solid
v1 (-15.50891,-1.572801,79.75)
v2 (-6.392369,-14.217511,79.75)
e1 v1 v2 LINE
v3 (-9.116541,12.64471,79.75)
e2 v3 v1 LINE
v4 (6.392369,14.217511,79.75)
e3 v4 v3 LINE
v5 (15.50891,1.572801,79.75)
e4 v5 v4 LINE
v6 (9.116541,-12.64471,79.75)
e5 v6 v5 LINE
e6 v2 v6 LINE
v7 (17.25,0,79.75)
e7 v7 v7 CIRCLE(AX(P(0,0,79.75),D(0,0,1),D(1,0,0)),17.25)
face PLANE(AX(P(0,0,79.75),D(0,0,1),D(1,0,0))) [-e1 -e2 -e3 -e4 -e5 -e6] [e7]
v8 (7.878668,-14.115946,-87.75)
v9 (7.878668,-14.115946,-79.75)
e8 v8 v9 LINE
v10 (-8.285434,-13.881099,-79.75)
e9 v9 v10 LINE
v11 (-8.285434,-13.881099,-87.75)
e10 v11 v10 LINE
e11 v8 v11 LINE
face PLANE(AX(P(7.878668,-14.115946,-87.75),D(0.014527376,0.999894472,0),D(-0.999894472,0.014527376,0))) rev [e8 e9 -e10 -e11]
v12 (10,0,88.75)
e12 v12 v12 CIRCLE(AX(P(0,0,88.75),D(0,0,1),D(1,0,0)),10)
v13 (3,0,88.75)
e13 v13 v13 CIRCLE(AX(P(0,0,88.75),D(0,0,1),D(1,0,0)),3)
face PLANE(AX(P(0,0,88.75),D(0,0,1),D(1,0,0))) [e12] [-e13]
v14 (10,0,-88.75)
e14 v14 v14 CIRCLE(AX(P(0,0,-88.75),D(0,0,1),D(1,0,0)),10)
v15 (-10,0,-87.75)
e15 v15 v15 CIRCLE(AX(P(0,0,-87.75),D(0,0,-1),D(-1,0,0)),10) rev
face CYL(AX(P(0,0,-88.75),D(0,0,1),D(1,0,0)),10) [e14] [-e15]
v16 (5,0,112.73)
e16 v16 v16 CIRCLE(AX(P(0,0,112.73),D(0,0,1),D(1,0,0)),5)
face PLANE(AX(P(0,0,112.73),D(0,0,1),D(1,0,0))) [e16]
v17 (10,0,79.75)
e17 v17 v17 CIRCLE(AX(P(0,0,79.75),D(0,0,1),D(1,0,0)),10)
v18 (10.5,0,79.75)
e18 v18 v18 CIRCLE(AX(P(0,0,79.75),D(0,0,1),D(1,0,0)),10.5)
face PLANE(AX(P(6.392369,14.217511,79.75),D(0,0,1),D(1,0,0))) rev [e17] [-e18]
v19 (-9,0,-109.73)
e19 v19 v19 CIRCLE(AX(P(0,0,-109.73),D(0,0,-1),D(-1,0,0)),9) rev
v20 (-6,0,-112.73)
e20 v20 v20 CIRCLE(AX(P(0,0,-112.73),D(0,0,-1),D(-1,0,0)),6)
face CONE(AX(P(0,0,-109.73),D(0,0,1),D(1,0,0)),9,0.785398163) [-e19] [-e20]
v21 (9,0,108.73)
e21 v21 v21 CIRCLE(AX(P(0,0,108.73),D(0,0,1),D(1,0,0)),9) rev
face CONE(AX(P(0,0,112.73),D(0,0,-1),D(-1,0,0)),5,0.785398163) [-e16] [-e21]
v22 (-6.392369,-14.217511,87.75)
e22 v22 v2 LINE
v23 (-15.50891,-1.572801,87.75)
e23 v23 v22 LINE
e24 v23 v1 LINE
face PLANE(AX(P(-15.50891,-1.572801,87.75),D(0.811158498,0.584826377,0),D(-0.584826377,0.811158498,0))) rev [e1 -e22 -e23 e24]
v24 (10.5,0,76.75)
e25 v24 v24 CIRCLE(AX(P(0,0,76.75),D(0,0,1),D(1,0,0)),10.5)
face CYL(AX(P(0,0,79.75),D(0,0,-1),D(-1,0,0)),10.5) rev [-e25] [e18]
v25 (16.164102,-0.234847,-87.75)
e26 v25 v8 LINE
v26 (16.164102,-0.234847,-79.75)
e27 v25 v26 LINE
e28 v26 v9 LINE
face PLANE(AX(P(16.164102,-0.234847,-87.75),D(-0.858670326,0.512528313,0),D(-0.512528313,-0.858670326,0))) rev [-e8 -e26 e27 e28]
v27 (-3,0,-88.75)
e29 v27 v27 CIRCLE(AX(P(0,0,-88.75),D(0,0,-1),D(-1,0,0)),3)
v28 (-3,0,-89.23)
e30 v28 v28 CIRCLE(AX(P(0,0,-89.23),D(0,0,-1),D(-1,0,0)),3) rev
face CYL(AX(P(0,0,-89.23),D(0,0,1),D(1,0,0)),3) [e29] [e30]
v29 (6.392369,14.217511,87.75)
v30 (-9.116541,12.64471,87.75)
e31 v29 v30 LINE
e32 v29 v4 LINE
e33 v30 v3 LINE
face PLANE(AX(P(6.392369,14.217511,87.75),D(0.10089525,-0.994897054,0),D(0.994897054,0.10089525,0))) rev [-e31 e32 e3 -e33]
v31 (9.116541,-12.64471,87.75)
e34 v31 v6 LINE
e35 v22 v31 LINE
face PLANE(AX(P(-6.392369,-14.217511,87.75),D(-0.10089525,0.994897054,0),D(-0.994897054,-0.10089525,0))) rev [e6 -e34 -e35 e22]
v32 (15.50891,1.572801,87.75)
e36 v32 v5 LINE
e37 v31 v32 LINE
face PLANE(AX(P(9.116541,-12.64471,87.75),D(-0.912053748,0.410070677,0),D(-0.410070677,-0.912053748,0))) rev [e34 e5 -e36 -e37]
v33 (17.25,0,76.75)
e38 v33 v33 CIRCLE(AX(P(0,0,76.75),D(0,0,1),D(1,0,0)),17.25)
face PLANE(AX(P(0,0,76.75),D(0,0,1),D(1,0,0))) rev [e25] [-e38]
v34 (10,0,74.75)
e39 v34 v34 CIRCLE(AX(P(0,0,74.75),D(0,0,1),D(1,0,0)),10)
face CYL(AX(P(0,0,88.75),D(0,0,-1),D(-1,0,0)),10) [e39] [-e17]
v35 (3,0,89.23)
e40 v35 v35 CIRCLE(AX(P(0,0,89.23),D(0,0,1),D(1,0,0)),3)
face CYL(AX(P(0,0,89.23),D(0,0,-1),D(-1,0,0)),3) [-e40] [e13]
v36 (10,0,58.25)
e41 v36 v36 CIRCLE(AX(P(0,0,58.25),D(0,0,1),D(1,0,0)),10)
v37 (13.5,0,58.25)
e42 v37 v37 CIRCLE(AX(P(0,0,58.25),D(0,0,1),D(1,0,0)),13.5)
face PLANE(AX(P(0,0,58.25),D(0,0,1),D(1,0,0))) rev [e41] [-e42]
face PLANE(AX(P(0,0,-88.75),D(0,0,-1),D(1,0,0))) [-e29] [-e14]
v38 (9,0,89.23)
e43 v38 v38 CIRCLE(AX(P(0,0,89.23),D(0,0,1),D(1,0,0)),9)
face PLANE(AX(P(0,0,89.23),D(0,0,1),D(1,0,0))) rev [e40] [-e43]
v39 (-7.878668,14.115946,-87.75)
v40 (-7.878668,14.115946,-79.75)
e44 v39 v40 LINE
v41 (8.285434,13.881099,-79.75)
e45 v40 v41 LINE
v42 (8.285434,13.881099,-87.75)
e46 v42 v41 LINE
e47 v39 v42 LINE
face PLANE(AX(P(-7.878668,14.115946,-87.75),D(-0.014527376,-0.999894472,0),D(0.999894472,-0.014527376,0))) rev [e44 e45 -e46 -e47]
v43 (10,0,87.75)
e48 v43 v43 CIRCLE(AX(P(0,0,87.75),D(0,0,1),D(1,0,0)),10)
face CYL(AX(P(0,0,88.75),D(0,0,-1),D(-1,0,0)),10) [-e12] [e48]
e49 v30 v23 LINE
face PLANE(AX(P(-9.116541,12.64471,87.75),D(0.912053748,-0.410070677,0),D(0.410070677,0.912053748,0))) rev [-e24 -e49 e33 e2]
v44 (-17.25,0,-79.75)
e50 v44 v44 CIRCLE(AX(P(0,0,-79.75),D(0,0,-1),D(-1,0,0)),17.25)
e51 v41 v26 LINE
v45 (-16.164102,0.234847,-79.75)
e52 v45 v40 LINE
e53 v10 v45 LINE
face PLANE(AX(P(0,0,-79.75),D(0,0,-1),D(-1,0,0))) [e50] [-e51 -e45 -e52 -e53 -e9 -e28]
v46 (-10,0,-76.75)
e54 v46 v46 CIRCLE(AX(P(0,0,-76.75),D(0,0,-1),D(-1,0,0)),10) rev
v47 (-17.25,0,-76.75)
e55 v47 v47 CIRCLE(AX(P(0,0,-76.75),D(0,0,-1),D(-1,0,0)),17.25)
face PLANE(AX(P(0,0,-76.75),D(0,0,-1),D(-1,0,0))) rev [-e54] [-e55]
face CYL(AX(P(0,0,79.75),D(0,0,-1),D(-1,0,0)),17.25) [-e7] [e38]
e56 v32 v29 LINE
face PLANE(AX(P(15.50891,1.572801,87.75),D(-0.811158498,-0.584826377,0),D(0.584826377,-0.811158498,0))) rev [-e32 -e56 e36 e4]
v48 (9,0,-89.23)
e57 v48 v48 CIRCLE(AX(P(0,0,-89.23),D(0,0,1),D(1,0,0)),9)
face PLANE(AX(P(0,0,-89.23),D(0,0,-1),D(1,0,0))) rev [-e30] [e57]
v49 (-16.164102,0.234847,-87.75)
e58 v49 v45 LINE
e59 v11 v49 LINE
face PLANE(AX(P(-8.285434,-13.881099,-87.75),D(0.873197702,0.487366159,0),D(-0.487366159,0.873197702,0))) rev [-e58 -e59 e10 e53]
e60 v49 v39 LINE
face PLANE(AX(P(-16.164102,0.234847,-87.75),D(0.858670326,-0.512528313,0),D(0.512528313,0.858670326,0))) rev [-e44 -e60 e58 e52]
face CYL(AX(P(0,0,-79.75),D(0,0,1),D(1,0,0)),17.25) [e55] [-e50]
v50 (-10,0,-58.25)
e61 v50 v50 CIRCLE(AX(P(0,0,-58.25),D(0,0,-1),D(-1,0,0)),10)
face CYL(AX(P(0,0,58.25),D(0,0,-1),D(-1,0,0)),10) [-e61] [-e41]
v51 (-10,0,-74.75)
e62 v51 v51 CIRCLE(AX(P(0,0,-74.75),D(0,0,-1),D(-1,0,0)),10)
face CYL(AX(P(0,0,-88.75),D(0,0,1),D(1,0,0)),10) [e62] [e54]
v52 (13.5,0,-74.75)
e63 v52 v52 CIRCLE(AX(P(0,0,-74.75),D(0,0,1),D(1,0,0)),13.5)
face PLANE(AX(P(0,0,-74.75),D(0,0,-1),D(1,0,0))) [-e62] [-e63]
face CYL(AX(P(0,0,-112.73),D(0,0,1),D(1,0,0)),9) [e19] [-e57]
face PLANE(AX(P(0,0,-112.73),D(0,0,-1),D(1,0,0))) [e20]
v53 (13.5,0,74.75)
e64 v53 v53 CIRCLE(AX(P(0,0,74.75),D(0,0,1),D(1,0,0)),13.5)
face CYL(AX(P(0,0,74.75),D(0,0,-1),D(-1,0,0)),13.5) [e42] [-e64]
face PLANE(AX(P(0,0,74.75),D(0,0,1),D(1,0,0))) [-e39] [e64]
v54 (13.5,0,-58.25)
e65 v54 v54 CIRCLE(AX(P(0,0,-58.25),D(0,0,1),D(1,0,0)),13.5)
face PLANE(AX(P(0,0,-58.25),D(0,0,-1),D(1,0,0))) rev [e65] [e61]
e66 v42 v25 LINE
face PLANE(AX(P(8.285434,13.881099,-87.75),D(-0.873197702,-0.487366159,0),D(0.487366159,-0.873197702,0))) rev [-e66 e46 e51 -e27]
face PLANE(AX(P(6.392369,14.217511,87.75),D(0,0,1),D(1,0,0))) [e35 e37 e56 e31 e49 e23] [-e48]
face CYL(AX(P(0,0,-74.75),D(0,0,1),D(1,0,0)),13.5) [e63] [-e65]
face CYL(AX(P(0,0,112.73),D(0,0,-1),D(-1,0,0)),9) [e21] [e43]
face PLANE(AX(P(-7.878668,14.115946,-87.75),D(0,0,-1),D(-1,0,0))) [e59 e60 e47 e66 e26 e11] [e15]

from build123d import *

# Parameters (mm, degrees)
SKETCH_1_R      = 10
EXTRUDE_1_DEPTH = 58.25
SKETCH_2_R      = 13.5
EXTRUDE_2_DEPTH = 16.5
EXTRUDE_START   = 14
SKETCH_3_R      = 10
EXTRUDE_3_DEPTH = 14
SKETCH_4_R      = 3
EXTRUDE_4_DEPTH = 0.48
SKETCH_5_R      = 9
EXTRUDE_5_DEPTH = 23.5
CHAMFER_1_SIZE  = 4
SKETCH_6_R      = 17.25
SKETCH_6_R_2    = 10.5
EXTRUDE_6_DEPTH = 3
EXTRUDE_7_DEPTH = 8
CHAMFER_2_SIZE  = 3
EXTRUDE_START_2 = 3
SKETCH_8_R      = 17.25
EXTRUDE_8_DEPTH = 3
EXTRUDE_9_DEPTH = 8


with BuildPart() as part:
    # 草图1 → 凸台-拉伸1 (new, symmetric)
    with BuildSketch(Plane.XY):
        Circle(SKETCH_1_R)
    extrude(amount=EXTRUDE_1_DEPTH, both=True)

    # 草图2 → 凸台-拉伸2 (add)
    with BuildSketch(Plane.XY.offset(58.25)):
        Circle(SKETCH_2_R)
    extrude_2 = extrude(amount=EXTRUDE_2_DEPTH)

    # 草图3 → 凸台-拉伸3 (add)
    with BuildSketch(Plane.XY.offset(74.75).offset(EXTRUDE_START)):
        Circle(SKETCH_3_R)
    extrude_3 = extrude(amount=-EXTRUDE_3_DEPTH)

    # 草图4 → 凸台-拉伸4 (add)
    with BuildSketch(Plane.XY.offset(88.75)):
        Circle(SKETCH_4_R)
    extrude_4 = extrude(amount=EXTRUDE_4_DEPTH)

    # 草图5 → 凸台-拉伸5 (add)
    with BuildSketch(Plane.XY.offset(89.23)):
        Circle(SKETCH_5_R)
    extrude_5 = extrude(amount=EXTRUDE_5_DEPTH)

    # 倒角1
    chamfer_1_edges = [part.edges().sort_by_distance(p)[0] for p in [
        (-9, 0, 112.73),
    ]]
    chamfer(chamfer_1_edges, length=CHAMFER_1_SIZE)



with BuildPart() as body_2:
    # 草图6 → 凸台-拉伸6 (new body)
    with BuildSketch(Plane.XY.offset(76.75)):
        Circle(SKETCH_6_R)
        Circle(SKETCH_6_R_2, mode=Mode.SUBTRACT)
    extrude(amount=EXTRUDE_6_DEPTH)


with BuildPart() as part_1:
    add(part.part)

    add(body_2.part)  # 凸台-拉伸7 merges body 2
    # 草图7 → 凸台-拉伸7 (add)
    with BuildSketch(Plane.XY.offset(79.75)):
        Polygon((6.392369232, 14.217510879), (-9.116540984, 12.644709585), (-15.508910216, -1.572801294), (-6.392369232, -14.217510879), (9.116540984, -12.644709585), (15.508910216, 1.572801294), align=None)
    extrude(amount=EXTRUDE_7_DEPTH)

    # 镜向3: 凸台-拉伸2, 凸台-拉伸3, 凸台-拉伸4, 凸台-拉伸5 across plane
    add(extrude_2.mirror(Plane.XY))
    add(extrude_3.mirror(Plane.XY))
    add(extrude_4.mirror(Plane.XY))
    add(extrude_5.mirror(Plane.XY))

    # 倒角2
    chamfer_2_edges = [part_1.edges().sort_by_distance(p)[0] for p in [
        (-9, 0, -112.73),
    ]]
    chamfer(chamfer_2_edges, length=CHAMFER_2_SIZE)

    # 草图8 → 凸台-拉伸8 (add)
    with BuildSketch(Plane(origin=(0, 0, -76.75), x_dir=(-1, 0, 0), z_dir=(0, 0, -1)).offset(EXTRUDE_START_2)):
        with Locations(Location((0, 0, 0), (0, 0, 180))):
            Circle(SKETCH_8_R)
    extrude(amount=-EXTRUDE_8_DEPTH)

    # 草图9 → 凸台-拉伸9 (add)
    with BuildSketch(Plane(origin=(0, 0, -79.75), x_dir=(-1, 0, 0), z_dir=(0, 0, -1))):
        Polygon((7.878667531, 14.115945993), (-8.285434063, 13.881099226), (-16.164101594, -0.234846767), (-7.878667531, -14.115945993), (8.285434063, -13.881099226), (16.164101594, 0.234846767), align=None)
    extrude(amount=EXTRUDE_9_DEPTH)


solid = part_1.part
